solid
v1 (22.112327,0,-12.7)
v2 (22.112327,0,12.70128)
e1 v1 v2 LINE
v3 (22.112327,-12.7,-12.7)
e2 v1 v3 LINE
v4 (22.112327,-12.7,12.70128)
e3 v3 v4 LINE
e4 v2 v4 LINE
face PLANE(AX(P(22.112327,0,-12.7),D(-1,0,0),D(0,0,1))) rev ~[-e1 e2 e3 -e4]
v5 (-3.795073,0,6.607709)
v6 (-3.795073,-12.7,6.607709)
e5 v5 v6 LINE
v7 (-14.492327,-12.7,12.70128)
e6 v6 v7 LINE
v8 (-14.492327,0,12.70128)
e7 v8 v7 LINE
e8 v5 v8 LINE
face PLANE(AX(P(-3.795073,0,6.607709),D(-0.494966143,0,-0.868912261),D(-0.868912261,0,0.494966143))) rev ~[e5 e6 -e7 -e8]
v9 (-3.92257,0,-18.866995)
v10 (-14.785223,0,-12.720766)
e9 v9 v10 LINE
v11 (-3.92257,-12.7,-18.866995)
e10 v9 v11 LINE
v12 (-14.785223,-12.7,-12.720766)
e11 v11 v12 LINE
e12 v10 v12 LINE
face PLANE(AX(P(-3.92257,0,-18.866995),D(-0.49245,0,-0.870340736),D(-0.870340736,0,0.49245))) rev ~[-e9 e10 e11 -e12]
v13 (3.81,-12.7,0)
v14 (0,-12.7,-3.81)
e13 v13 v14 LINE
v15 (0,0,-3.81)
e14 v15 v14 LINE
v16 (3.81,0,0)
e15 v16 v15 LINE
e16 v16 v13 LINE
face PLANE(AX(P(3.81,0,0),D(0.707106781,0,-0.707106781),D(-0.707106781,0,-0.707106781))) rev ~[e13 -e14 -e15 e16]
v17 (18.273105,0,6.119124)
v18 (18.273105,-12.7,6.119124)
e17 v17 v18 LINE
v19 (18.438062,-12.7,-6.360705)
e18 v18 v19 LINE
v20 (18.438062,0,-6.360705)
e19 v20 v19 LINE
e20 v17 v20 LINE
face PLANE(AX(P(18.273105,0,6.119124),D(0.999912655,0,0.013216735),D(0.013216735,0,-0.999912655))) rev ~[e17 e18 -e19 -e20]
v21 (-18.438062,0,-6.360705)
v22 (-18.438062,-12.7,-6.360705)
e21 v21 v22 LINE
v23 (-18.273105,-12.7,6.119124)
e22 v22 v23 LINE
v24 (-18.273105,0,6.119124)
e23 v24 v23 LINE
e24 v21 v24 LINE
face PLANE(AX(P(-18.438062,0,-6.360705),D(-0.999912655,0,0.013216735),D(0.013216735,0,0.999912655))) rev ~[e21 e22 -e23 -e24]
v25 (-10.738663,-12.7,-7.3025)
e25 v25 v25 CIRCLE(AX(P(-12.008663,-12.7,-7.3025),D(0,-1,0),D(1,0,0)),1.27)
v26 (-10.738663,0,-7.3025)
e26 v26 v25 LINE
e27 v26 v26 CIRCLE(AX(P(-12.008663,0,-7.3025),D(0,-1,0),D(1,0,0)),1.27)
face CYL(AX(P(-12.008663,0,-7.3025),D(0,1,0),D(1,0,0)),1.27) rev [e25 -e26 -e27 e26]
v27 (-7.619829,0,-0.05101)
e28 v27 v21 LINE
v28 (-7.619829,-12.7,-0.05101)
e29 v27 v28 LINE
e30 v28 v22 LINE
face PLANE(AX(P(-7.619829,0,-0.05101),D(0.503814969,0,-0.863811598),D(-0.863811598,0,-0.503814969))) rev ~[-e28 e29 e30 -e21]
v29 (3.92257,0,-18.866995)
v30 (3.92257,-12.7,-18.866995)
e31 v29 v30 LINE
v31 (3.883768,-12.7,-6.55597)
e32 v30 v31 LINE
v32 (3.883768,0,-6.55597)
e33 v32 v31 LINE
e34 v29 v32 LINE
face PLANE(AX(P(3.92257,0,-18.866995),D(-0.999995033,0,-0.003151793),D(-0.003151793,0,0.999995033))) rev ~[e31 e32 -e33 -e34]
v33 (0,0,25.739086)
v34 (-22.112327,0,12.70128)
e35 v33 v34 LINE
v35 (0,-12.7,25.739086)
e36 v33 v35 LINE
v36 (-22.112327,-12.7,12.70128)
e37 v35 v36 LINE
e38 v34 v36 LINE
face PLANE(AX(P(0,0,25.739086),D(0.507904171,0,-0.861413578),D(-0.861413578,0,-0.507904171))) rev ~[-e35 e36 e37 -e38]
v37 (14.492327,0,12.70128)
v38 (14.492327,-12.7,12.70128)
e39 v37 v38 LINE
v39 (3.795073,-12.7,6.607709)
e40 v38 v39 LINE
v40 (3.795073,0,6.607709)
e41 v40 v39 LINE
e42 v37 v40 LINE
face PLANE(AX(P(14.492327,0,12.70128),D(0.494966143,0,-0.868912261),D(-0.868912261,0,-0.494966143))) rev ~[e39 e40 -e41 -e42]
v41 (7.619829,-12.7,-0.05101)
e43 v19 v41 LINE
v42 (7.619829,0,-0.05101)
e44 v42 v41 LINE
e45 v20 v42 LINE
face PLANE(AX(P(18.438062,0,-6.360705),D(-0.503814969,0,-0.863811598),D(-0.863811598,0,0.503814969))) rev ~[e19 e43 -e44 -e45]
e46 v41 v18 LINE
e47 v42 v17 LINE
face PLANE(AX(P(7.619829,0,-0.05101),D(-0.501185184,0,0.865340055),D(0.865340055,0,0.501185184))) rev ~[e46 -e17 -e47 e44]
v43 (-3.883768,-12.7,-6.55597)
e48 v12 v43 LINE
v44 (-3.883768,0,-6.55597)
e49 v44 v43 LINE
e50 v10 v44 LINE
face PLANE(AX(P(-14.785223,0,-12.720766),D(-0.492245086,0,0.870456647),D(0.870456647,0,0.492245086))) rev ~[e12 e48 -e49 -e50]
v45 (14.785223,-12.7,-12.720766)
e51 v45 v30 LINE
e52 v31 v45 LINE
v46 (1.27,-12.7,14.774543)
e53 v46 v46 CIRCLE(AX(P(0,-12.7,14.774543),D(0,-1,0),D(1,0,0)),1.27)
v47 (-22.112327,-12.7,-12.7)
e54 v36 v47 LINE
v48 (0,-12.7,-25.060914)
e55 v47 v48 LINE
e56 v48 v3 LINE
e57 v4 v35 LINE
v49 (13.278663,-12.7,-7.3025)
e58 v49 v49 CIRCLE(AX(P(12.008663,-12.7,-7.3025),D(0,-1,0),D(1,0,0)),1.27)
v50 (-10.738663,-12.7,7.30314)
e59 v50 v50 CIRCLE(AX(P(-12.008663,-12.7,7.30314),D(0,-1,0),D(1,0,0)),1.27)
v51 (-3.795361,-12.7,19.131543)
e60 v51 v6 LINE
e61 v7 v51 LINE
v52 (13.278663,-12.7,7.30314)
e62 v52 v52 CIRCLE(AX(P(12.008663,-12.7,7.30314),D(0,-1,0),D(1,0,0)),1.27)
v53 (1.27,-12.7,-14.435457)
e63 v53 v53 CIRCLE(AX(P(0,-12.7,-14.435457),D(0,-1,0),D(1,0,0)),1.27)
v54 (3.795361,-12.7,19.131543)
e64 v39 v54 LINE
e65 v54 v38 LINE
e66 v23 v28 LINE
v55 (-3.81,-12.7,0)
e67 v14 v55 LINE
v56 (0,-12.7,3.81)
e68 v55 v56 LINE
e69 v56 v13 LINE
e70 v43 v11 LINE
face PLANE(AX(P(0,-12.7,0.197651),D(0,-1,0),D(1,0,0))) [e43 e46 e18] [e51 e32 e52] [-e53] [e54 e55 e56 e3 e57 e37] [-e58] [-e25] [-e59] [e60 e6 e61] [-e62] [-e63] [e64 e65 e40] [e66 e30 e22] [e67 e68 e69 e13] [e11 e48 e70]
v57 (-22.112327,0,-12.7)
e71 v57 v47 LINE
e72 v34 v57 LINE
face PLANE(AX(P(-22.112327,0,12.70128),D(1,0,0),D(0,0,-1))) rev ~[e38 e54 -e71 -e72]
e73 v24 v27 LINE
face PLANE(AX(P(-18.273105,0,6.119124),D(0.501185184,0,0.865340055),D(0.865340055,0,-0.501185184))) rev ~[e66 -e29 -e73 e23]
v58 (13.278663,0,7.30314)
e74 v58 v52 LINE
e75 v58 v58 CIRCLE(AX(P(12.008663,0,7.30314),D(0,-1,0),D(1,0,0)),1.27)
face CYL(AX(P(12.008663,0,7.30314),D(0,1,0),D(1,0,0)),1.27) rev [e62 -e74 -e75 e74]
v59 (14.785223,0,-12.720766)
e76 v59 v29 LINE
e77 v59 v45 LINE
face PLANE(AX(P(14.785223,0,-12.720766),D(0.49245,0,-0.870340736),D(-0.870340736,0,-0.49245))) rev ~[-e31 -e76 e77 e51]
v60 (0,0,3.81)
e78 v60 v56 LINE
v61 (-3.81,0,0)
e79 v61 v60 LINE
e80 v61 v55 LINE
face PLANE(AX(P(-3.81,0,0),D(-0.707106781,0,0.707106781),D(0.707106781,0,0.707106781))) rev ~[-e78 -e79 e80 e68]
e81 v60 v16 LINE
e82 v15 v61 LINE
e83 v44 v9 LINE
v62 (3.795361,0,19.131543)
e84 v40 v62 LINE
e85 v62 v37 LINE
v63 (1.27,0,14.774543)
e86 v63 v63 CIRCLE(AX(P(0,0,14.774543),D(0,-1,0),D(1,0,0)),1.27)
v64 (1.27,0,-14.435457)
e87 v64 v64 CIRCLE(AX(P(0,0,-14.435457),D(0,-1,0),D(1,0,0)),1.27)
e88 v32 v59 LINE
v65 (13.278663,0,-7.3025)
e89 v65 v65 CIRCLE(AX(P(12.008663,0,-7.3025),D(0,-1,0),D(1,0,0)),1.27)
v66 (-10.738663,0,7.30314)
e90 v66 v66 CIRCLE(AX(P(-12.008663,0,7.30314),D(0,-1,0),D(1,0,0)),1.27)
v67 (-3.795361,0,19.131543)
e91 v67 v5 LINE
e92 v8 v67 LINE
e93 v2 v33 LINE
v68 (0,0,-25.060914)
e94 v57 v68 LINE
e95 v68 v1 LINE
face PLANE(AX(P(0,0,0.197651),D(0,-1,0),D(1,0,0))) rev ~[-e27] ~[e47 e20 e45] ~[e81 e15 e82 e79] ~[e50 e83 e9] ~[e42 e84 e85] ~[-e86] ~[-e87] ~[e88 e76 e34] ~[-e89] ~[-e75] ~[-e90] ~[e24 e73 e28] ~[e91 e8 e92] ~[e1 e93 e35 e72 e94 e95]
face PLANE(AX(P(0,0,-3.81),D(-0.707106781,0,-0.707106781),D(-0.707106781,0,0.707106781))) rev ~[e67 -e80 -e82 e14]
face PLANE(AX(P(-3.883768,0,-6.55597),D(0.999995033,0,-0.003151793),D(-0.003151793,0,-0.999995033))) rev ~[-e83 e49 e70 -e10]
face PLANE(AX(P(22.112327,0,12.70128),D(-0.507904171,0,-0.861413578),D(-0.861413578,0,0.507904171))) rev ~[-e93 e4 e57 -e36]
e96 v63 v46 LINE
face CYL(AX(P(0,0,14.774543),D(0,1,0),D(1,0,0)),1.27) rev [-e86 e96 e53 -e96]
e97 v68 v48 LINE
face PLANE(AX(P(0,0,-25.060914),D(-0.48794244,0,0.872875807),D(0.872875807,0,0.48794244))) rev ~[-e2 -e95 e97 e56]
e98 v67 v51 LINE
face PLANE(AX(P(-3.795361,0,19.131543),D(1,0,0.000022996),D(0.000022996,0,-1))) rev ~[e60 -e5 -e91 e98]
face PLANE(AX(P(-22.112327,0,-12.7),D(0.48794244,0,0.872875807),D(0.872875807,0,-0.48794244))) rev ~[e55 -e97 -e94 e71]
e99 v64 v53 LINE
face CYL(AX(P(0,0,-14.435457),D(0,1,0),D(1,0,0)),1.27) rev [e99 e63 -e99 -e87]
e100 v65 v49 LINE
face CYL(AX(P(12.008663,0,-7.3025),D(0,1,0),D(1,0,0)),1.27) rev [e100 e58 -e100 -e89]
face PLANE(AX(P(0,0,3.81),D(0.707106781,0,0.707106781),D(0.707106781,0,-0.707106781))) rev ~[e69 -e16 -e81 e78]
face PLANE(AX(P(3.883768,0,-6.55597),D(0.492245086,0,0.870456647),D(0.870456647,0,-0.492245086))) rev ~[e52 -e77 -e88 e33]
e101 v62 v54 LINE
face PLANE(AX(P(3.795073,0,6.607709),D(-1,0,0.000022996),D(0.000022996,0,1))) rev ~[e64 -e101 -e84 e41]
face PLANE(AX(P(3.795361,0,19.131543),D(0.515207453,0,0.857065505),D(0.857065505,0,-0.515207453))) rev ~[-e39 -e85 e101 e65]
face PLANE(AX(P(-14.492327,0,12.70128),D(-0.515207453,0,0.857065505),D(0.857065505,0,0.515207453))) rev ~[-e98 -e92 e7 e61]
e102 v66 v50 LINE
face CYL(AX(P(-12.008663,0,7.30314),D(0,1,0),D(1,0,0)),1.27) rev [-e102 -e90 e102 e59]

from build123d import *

# Parameters (mm, degrees)
F0_R     = 1.27
F1_DEPTH = 12.7


with BuildPart() as f1:
    # F0 (on Front) → F1 (new body)
    with BuildSketch(Plane.XZ):
        Polygon((0, 25.739086), (-22.112327, 12.70128), (-22.112327, -12.7), (0, -25.060914), (22.112327, -12.7), (22.112327, 12.70128), align=None)
        Polygon((-3.883768, -6.55597), (-3.92257, -18.866995), (-14.785223, -12.720766), align=None, mode=Mode.SUBTRACT)
        with Locations((0, -14.435457)):
            Circle(F0_R, mode=Mode.SUBTRACT)
        with Locations((-12.008663, -7.3025)):
            Circle(F0_R, mode=Mode.SUBTRACT)
        Polygon((-18.273105, 6.119124), (-7.619829, -0.05101), (-18.438062, -6.360705), align=None, mode=Mode.SUBTRACT)
        Polygon((-3.81, 0), (0, 3.81), (3.81, 0), (0, -3.81), align=None, mode=Mode.SUBTRACT)
        Polygon((3.883768, -6.55597), (14.785223, -12.720766), (3.92257, -18.866995), align=None, mode=Mode.SUBTRACT)
        with Locations((12.008663, -7.3025)):
            Circle(F0_R, mode=Mode.SUBTRACT)
        Polygon((18.273105, 6.119124), (18.438062, -6.360705), (7.619829, -0.05101), align=None, mode=Mode.SUBTRACT)
        with Locations((-12.008663, 7.30314)):
            Circle(F0_R, mode=Mode.SUBTRACT)
        Polygon((-14.492327, 12.70128), (-3.795361, 19.131543), (-3.795073, 6.607709), align=None, mode=Mode.SUBTRACT)
        with Locations((0, 14.774543)):
            Circle(F0_R, mode=Mode.SUBTRACT)
        Polygon((3.795073, 6.607709), (3.795361, 19.131543), (14.492327, 12.70128), align=None, mode=Mode.SUBTRACT)
        with Locations((12.008663, 7.30314)):
            Circle(F0_R, mode=Mode.SUBTRACT)
    extrude(amount=F1_DEPTH)


solid = f1.part
